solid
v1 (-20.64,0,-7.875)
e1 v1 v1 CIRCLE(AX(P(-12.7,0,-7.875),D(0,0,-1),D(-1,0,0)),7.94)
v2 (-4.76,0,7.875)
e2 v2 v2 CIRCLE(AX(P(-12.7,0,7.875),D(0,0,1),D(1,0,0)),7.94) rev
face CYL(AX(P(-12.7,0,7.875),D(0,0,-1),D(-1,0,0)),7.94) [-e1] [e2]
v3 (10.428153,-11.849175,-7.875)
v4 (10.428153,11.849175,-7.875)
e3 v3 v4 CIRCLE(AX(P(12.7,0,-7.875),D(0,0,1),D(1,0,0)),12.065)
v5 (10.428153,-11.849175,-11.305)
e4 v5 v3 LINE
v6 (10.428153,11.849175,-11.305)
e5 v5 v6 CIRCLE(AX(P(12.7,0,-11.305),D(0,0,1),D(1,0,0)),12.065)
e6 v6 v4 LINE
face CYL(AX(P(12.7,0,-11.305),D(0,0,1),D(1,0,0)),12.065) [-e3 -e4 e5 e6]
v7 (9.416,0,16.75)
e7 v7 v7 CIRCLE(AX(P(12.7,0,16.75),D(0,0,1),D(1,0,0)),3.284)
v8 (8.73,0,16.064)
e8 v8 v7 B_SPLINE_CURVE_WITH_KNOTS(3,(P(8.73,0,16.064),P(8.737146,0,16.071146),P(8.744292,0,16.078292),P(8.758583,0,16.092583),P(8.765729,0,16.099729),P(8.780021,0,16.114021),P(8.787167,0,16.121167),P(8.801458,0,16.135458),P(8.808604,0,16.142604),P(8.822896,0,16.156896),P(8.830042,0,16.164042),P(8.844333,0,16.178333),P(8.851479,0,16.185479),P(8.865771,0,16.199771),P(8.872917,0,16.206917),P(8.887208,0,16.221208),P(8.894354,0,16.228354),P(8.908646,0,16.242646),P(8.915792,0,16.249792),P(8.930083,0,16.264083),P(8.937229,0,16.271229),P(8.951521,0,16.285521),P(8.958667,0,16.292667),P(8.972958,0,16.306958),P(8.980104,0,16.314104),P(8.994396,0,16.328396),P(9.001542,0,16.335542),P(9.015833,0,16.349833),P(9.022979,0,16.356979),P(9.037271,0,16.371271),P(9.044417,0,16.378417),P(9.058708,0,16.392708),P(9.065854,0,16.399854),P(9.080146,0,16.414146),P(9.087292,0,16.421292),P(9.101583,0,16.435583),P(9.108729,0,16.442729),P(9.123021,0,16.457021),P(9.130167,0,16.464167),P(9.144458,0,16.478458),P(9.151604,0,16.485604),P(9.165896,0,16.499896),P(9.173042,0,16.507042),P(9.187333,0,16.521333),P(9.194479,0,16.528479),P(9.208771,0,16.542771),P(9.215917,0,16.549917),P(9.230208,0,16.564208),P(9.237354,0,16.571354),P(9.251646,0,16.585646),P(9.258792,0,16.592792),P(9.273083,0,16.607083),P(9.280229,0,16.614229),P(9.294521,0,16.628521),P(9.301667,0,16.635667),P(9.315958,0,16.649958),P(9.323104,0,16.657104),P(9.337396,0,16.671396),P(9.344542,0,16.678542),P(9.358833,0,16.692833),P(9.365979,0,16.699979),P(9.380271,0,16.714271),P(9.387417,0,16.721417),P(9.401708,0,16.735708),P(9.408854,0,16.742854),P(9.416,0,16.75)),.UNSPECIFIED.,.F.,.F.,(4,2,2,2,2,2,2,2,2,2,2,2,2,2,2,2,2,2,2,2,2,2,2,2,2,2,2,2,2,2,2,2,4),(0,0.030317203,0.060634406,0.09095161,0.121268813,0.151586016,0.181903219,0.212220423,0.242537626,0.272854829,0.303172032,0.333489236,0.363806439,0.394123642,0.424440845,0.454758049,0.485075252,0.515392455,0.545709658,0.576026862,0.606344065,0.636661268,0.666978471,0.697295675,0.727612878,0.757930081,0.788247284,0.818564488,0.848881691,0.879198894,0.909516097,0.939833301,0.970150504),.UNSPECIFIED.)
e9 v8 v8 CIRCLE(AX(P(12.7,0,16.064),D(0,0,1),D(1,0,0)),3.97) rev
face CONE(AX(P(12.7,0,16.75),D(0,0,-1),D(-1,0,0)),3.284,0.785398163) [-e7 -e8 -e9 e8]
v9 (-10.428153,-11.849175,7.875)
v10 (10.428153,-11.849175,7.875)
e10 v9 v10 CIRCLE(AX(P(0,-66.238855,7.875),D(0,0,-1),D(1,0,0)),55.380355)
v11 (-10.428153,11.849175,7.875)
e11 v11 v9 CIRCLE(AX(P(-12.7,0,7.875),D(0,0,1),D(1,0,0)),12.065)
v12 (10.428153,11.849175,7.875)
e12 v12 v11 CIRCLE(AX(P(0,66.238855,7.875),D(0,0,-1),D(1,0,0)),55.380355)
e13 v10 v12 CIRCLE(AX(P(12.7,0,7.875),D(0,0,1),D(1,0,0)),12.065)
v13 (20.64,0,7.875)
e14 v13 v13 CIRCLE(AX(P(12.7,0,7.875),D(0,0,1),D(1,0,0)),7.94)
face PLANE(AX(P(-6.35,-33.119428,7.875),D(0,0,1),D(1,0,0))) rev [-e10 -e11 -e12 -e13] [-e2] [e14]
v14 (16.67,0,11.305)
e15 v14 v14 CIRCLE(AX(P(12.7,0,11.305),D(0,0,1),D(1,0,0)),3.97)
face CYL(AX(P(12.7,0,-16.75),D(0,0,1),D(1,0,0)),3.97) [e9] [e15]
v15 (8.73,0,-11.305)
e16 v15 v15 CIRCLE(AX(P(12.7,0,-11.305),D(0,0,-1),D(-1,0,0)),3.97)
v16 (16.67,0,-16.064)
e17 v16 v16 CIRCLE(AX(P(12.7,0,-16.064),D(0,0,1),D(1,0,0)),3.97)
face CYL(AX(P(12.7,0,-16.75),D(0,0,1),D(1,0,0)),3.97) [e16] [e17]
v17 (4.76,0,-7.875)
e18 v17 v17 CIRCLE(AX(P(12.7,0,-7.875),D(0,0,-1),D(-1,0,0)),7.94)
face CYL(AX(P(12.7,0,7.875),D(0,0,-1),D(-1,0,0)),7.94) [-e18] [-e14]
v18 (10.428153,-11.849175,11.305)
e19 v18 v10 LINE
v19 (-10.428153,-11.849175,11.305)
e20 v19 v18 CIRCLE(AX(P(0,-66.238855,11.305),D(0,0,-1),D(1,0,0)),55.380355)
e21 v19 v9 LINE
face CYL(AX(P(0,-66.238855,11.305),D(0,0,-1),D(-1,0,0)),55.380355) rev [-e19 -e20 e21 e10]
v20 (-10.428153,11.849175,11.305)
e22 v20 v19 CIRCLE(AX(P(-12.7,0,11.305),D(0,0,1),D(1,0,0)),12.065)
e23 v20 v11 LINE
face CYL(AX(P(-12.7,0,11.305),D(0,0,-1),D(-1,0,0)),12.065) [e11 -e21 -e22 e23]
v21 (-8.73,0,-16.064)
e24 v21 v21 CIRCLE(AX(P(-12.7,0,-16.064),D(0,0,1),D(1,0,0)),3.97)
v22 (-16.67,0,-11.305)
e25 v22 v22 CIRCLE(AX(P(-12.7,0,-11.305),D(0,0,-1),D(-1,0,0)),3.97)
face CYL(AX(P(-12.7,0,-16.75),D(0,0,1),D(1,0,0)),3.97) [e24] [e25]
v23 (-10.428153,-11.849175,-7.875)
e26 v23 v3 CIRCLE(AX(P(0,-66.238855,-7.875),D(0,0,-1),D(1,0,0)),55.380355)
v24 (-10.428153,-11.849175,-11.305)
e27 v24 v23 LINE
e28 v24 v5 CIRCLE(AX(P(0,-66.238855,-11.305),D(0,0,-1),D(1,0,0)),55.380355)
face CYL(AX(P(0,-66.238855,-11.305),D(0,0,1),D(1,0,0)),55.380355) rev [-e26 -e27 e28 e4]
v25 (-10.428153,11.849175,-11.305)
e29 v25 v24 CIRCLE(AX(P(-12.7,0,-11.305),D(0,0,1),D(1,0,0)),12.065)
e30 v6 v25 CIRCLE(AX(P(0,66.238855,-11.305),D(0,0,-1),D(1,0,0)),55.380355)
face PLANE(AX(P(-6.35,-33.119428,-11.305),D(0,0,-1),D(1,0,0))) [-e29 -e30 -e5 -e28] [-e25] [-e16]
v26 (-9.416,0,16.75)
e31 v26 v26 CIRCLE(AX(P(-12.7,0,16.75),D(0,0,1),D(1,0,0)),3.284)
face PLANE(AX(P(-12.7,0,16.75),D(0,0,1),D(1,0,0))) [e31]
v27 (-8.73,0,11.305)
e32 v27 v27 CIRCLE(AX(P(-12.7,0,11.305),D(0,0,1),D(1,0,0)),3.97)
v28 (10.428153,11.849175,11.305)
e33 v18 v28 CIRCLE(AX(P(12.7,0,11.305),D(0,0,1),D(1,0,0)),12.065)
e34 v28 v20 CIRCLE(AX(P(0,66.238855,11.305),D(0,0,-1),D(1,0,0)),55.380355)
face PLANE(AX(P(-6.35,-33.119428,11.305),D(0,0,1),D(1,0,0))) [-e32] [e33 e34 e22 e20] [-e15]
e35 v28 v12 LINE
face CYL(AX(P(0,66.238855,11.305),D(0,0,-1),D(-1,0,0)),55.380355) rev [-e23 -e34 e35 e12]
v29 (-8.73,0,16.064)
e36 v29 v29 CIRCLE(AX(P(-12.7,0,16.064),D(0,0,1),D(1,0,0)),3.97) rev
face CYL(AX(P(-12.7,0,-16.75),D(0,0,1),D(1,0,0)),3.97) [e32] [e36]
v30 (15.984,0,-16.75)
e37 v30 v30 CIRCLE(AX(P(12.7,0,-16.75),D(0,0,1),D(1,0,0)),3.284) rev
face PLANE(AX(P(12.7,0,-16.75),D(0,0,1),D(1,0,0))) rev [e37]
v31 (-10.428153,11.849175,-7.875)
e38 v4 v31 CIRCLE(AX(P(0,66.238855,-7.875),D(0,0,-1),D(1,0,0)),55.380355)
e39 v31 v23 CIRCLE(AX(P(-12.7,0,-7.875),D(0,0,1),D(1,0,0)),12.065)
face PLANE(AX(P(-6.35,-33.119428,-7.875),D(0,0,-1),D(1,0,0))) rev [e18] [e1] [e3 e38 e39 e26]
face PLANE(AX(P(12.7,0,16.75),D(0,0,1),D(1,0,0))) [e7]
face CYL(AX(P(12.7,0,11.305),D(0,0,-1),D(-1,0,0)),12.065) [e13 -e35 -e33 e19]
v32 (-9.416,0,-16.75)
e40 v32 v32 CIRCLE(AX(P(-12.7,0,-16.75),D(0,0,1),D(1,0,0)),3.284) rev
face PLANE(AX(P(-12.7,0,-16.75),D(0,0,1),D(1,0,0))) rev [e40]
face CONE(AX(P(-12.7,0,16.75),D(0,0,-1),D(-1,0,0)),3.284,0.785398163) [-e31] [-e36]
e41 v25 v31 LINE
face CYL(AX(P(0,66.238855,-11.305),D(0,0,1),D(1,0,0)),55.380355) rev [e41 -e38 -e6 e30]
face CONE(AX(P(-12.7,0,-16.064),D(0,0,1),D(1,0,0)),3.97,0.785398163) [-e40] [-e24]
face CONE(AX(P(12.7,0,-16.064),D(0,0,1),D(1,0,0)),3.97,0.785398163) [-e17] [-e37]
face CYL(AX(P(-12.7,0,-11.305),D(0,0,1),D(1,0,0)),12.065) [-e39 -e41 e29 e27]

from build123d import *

# Parameters (mm, degrees)
SKETCH_2_R        = 7.94
EXTRUDE_1_DEPTH   = 7.875
EXTRUDE_1_2_DEPTH = 7.875
EXTRUDE_2_DEPTH   = 3.43
SKETCH_4_R        = 3.97
EXTRUDE_3_DEPTH   = 16.75
CHAMFER_1_SIZE    = 0.686


with BuildPart() as part:
    # 草图2 → 拉伸1 (new, symmetric)
    with BuildSketch(Plane.XY):
        with Locations((12.7, 0)):
            Circle(SKETCH_2_R)
    extrude(amount=EXTRUDE_1_DEPTH, both=True)



with BuildPart() as body_2:
    # 草图2 → Extrude 1 2 (new, symmetric)
    with BuildSketch(Plane.XY):
        with Locations((-12.7, 0)):
            Circle(SKETCH_2_R)
    extrude(amount=EXTRUDE_1_2_DEPTH, both=True)


with BuildPart() as part_1:
    add(part.part)

    add(body_2.part)  # 拉伸2 merges body 2
    # 草图3 → 拉伸2 (add)
    with BuildSketch(Plane.XY.offset(7.875)):
        with BuildLine():
            ThreePointArc((-10.428153415, 11.849174574), (-24.765, 0), (-10.428153415, -11.849174574))
            ThreePointArc((-10.428153415, -11.849174574), (0, -10.8585), (10.428153415, -11.849174574))
            ThreePointArc((10.428153415, -11.849174574), (24.765, 0), (10.428153415, 11.849174574))
            ThreePointArc((10.428153415, 11.849174574), (0, 10.8585), (-10.428153415, 11.849174574))
        make_face()
    extrude_2 = extrude(amount=EXTRUDE_2_DEPTH)

    # 镜向1: 拉伸2 across plane
    add(extrude_2.mirror(Plane.XY))

    # 草图4 → 拉伸3 (add, symmetric)
    with BuildSketch(Plane.XY):
        with Locations((12.7, 0)):
            Circle(SKETCH_4_R)
        with Locations((-12.7, 0)):
            Circle(SKETCH_4_R)
    extrude(amount=EXTRUDE_3_DEPTH, both=True)

    # 倒角1
    chamfer_1_edges = [part_1.edges().sort_by_distance(p)[0] for p in [
        (8.73, 0, -16.75),
        (8.73, 0, 16.75),
        (-16.67, 0, -16.75),
        (-16.67, 0, 16.75),
    ]]
    chamfer(chamfer_1_edges, length=CHAMFER_1_SIZE)


solid = part_1.part
